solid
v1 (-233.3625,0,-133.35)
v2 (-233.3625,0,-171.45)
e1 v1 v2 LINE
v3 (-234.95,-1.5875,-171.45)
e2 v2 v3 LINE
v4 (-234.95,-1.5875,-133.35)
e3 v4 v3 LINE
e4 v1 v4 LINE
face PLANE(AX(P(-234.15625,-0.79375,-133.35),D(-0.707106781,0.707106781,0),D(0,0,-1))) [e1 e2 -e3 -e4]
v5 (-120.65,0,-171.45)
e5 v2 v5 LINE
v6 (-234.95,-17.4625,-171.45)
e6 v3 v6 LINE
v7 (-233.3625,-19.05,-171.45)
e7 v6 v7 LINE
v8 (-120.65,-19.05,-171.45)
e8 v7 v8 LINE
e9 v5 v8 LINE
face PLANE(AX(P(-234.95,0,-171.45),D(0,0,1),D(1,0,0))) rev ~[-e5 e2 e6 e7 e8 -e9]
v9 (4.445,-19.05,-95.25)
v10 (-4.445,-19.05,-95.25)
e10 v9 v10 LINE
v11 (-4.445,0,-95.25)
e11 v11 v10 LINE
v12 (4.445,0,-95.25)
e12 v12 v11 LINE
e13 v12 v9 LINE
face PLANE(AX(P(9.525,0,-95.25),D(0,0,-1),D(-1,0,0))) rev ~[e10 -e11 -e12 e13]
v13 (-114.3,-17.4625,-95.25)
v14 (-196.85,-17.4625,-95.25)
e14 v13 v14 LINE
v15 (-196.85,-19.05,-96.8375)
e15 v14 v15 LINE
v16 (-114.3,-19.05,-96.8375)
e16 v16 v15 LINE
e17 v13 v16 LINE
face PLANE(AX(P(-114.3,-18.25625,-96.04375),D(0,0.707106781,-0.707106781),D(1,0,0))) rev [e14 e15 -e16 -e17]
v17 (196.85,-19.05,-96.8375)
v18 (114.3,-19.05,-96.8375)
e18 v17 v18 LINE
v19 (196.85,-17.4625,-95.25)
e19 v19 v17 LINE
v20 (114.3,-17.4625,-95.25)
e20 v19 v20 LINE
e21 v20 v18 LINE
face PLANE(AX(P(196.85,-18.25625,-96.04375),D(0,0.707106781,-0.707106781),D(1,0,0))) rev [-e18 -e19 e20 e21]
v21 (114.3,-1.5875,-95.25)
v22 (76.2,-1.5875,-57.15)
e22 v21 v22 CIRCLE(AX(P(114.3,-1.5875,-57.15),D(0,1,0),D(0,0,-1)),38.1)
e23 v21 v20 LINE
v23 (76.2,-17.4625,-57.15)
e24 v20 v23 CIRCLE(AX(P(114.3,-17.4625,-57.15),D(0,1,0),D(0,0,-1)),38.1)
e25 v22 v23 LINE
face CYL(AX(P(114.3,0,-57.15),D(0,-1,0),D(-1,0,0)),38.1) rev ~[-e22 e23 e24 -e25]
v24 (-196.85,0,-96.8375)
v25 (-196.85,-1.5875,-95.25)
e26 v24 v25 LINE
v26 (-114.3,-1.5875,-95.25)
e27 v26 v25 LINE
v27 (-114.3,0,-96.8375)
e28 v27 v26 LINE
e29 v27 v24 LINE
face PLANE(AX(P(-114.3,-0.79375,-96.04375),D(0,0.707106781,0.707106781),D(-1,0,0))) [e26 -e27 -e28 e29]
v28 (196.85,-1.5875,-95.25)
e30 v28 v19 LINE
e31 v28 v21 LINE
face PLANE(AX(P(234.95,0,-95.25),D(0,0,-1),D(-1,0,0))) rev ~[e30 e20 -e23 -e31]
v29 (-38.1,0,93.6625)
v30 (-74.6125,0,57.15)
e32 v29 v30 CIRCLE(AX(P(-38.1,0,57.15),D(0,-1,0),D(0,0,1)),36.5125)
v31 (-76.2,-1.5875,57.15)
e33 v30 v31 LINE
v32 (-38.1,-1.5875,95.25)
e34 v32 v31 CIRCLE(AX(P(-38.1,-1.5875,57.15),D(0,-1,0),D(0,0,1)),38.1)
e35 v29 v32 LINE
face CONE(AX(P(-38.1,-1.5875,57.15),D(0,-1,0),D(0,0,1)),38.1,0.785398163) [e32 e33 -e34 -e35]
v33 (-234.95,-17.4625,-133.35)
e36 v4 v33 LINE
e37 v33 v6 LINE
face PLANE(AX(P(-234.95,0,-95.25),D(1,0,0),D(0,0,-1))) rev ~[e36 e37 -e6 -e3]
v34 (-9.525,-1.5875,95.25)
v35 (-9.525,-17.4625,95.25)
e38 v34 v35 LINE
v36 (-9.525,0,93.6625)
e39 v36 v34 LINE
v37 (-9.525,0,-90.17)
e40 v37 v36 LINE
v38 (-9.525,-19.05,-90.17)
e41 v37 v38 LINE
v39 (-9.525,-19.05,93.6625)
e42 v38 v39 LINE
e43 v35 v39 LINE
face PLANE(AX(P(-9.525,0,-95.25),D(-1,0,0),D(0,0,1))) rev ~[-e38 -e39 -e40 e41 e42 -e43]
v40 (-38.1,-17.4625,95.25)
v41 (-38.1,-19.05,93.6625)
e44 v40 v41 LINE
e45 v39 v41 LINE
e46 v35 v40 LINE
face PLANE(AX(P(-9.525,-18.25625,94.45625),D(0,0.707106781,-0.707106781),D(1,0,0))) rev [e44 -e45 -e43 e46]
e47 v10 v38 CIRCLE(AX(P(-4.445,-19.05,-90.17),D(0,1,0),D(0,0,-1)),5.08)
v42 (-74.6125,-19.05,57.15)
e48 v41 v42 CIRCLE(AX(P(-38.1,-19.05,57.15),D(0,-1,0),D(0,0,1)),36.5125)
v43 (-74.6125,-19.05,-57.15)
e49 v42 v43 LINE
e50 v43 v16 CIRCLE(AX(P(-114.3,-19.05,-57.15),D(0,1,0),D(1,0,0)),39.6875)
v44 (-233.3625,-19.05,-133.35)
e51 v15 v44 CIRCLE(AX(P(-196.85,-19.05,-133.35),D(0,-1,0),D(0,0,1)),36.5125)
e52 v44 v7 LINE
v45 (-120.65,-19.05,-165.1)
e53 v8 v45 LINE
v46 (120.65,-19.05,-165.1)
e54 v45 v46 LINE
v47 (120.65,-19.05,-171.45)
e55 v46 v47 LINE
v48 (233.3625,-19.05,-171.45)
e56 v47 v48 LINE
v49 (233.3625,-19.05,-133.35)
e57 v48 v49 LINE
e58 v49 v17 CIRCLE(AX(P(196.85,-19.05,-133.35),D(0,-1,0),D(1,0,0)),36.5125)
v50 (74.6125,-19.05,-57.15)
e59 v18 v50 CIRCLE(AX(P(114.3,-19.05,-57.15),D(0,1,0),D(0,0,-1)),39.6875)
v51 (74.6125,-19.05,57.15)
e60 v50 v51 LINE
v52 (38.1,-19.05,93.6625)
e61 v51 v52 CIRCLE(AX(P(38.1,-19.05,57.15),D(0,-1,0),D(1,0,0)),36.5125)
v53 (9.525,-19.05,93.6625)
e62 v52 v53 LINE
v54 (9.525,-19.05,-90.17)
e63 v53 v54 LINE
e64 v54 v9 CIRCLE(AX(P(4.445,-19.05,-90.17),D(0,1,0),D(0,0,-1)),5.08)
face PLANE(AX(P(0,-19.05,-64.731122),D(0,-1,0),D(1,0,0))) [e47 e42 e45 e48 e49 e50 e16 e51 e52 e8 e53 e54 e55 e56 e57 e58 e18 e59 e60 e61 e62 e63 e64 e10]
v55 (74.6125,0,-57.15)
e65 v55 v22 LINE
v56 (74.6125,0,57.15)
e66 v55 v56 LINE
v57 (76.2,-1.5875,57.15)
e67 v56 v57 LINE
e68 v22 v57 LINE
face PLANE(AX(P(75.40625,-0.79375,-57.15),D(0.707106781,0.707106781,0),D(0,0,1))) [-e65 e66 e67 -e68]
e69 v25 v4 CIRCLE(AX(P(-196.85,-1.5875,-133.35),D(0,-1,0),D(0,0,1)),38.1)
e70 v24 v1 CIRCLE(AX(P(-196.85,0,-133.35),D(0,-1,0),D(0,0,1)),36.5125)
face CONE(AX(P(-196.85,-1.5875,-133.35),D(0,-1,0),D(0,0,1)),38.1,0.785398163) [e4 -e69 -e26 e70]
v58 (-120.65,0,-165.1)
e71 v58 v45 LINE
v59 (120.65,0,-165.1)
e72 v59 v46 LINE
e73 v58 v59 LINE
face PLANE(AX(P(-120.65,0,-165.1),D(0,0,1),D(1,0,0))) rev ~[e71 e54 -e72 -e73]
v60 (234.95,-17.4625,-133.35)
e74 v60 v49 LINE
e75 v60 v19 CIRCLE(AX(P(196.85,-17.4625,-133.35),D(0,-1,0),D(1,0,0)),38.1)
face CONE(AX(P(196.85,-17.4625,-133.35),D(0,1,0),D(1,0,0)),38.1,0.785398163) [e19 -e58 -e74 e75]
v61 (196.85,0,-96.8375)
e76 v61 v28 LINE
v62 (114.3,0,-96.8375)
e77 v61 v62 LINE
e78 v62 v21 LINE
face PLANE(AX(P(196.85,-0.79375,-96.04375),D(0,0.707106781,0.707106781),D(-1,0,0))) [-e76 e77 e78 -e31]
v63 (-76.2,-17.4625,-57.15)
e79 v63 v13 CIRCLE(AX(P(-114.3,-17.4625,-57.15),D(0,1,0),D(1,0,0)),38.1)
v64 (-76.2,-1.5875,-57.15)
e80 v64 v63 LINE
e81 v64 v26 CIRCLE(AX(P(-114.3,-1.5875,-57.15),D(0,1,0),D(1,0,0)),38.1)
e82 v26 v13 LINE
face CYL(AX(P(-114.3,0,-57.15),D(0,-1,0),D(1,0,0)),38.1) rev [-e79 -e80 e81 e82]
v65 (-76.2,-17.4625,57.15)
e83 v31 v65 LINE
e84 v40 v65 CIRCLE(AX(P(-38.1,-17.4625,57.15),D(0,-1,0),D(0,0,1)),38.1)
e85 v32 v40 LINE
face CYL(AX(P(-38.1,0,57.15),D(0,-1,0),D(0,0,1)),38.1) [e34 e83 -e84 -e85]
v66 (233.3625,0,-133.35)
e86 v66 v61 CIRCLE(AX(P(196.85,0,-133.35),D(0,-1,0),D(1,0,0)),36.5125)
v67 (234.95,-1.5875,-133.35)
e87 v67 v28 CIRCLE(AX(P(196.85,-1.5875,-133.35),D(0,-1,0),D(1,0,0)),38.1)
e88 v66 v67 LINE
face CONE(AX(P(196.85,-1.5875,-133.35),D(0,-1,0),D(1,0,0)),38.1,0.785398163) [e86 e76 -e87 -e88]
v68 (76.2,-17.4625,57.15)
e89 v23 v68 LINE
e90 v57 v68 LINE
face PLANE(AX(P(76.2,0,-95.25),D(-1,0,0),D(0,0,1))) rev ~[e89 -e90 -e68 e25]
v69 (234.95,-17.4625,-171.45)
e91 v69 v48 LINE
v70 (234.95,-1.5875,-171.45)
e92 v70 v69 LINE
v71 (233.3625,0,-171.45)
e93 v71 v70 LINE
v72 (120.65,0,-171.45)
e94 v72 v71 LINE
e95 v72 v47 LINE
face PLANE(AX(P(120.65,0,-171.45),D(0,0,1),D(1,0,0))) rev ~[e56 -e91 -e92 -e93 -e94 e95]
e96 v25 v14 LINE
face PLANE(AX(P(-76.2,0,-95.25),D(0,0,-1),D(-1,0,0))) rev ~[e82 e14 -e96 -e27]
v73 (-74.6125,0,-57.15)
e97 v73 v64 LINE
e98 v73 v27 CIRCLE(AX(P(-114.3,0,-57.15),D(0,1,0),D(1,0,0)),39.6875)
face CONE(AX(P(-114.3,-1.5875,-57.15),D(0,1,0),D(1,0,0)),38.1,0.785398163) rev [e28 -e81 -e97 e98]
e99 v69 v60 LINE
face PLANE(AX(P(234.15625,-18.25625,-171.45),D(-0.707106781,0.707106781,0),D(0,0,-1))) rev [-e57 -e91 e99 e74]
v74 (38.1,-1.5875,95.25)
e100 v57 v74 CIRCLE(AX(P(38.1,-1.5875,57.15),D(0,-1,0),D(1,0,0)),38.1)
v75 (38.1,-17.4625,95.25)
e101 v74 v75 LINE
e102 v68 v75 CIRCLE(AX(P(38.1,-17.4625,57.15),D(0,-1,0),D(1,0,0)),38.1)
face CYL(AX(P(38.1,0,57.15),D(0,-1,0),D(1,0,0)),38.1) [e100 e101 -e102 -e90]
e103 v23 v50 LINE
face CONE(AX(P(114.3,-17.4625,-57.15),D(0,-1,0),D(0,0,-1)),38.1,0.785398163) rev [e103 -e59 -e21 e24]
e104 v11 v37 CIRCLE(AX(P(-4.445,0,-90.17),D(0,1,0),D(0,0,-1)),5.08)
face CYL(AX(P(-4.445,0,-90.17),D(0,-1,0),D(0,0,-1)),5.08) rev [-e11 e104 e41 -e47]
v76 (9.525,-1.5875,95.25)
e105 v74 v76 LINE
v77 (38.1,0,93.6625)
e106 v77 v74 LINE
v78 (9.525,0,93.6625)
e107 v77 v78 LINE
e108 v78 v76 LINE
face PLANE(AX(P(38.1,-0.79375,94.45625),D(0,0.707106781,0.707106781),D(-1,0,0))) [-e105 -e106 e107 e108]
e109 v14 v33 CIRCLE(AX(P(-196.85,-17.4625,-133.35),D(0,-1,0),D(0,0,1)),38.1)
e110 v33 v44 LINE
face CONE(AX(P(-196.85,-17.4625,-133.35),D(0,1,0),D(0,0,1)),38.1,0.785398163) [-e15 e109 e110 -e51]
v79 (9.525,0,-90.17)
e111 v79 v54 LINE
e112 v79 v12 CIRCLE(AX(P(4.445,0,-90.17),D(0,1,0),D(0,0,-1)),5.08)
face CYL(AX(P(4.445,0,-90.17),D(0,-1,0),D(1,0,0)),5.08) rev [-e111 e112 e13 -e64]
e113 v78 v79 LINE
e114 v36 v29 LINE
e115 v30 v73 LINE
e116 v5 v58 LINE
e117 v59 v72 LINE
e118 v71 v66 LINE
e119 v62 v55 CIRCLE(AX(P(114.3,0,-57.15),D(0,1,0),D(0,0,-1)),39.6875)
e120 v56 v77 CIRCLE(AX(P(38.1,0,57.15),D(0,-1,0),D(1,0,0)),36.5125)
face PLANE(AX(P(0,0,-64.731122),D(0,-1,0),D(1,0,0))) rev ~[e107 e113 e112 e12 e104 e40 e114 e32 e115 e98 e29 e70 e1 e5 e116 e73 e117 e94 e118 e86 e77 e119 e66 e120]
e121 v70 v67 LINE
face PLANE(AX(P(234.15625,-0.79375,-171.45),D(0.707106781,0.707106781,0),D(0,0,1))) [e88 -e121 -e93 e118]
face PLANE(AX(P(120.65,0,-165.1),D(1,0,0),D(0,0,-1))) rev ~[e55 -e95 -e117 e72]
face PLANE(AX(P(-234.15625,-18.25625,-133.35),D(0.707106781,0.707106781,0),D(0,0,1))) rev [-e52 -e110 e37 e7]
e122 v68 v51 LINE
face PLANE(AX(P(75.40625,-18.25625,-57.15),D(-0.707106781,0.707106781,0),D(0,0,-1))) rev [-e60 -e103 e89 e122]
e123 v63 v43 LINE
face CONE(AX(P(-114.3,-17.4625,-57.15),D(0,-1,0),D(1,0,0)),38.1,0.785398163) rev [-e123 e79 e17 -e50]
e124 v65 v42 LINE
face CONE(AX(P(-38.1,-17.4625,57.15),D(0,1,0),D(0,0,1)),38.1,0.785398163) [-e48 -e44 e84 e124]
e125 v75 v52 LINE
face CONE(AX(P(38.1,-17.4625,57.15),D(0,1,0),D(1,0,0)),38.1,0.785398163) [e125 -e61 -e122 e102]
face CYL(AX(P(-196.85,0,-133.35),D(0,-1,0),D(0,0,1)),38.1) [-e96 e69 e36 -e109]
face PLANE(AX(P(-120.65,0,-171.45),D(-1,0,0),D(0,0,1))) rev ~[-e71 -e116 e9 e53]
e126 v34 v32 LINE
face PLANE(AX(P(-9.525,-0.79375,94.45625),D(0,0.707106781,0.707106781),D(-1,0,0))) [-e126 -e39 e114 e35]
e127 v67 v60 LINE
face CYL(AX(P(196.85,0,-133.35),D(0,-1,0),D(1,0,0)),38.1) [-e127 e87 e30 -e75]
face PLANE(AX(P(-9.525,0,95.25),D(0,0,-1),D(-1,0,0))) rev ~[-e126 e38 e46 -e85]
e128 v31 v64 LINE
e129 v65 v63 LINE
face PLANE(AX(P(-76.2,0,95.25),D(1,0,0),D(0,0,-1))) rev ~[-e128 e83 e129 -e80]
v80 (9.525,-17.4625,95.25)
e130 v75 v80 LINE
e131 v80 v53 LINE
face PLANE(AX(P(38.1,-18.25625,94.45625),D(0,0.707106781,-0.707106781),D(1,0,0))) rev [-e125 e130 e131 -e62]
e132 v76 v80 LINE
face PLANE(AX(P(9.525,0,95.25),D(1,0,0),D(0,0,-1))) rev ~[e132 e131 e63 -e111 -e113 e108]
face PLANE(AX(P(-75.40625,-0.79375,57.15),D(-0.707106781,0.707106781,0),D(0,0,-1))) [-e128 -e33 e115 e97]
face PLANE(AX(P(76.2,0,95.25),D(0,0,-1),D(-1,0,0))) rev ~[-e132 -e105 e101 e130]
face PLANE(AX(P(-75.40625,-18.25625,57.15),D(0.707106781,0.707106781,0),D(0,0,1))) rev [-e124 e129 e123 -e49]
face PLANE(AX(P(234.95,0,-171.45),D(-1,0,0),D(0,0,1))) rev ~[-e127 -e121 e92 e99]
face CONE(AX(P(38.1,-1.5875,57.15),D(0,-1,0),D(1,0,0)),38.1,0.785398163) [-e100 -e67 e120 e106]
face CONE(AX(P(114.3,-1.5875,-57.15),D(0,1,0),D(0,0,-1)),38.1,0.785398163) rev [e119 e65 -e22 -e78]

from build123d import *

# Parameters (mm, degrees)
F1_DEPTH = 19.05
F2_R     = 38.1
F3_R     = 5.08
F4_SIZE  = 1.5875


with BuildPart() as f1:
    # F0 (on Front) → F1 (new body)
    with BuildSketch(Plane.XZ):
        Polygon((76.2, -95.25), (76.2, 95.25), (9.525, 95.25), (9.525, -95.25), (-9.525, -95.25), (-9.525, 95.25), (-76.2, 95.25), (-76.2, -95.25), (-234.95, -95.25), (-234.95, -171.45), (-120.65, -171.45), (-120.65, -165.1), (120.65, -165.1), (120.65, -171.45), (234.95, -171.45), (234.95, -95.25), align=None)
    extrude(amount=F1_DEPTH)

    # F2
    f2_edges = [f1.edges().sort_by_distance(p)[0] for p in [
        (-234.95, -9.525, -95.25),
        (-76.2, -9.525, -95.25),
        (76.2, -9.525, -95.25),
        (234.95, -9.525, -95.25),
        (76.2, -9.525, 95.25),
        (-76.2, -9.525, 95.25),
    ]]
    fillet(f2_edges, radius=F2_R)

    # F3
    f3_edges = [f1.edges().sort_by_distance(p)[0] for p in [
        (9.525, -9.525, -95.25),
        (-9.525, -9.525, -95.25),
    ]]
    fillet(f3_edges, radius=F3_R)

    # F4
    f4_edges = [f1.edges().sort_by_distance(p)[0] for p in [
        (-155.575, -19.05, -95.25),
        (155.575, -19.05, -95.25),
        (155.575, 0, -95.25),
        (-23.8125, 0, 95.25),
    ]]
    chamfer(f4_edges, length=F4_SIZE)


solid = f1.part
